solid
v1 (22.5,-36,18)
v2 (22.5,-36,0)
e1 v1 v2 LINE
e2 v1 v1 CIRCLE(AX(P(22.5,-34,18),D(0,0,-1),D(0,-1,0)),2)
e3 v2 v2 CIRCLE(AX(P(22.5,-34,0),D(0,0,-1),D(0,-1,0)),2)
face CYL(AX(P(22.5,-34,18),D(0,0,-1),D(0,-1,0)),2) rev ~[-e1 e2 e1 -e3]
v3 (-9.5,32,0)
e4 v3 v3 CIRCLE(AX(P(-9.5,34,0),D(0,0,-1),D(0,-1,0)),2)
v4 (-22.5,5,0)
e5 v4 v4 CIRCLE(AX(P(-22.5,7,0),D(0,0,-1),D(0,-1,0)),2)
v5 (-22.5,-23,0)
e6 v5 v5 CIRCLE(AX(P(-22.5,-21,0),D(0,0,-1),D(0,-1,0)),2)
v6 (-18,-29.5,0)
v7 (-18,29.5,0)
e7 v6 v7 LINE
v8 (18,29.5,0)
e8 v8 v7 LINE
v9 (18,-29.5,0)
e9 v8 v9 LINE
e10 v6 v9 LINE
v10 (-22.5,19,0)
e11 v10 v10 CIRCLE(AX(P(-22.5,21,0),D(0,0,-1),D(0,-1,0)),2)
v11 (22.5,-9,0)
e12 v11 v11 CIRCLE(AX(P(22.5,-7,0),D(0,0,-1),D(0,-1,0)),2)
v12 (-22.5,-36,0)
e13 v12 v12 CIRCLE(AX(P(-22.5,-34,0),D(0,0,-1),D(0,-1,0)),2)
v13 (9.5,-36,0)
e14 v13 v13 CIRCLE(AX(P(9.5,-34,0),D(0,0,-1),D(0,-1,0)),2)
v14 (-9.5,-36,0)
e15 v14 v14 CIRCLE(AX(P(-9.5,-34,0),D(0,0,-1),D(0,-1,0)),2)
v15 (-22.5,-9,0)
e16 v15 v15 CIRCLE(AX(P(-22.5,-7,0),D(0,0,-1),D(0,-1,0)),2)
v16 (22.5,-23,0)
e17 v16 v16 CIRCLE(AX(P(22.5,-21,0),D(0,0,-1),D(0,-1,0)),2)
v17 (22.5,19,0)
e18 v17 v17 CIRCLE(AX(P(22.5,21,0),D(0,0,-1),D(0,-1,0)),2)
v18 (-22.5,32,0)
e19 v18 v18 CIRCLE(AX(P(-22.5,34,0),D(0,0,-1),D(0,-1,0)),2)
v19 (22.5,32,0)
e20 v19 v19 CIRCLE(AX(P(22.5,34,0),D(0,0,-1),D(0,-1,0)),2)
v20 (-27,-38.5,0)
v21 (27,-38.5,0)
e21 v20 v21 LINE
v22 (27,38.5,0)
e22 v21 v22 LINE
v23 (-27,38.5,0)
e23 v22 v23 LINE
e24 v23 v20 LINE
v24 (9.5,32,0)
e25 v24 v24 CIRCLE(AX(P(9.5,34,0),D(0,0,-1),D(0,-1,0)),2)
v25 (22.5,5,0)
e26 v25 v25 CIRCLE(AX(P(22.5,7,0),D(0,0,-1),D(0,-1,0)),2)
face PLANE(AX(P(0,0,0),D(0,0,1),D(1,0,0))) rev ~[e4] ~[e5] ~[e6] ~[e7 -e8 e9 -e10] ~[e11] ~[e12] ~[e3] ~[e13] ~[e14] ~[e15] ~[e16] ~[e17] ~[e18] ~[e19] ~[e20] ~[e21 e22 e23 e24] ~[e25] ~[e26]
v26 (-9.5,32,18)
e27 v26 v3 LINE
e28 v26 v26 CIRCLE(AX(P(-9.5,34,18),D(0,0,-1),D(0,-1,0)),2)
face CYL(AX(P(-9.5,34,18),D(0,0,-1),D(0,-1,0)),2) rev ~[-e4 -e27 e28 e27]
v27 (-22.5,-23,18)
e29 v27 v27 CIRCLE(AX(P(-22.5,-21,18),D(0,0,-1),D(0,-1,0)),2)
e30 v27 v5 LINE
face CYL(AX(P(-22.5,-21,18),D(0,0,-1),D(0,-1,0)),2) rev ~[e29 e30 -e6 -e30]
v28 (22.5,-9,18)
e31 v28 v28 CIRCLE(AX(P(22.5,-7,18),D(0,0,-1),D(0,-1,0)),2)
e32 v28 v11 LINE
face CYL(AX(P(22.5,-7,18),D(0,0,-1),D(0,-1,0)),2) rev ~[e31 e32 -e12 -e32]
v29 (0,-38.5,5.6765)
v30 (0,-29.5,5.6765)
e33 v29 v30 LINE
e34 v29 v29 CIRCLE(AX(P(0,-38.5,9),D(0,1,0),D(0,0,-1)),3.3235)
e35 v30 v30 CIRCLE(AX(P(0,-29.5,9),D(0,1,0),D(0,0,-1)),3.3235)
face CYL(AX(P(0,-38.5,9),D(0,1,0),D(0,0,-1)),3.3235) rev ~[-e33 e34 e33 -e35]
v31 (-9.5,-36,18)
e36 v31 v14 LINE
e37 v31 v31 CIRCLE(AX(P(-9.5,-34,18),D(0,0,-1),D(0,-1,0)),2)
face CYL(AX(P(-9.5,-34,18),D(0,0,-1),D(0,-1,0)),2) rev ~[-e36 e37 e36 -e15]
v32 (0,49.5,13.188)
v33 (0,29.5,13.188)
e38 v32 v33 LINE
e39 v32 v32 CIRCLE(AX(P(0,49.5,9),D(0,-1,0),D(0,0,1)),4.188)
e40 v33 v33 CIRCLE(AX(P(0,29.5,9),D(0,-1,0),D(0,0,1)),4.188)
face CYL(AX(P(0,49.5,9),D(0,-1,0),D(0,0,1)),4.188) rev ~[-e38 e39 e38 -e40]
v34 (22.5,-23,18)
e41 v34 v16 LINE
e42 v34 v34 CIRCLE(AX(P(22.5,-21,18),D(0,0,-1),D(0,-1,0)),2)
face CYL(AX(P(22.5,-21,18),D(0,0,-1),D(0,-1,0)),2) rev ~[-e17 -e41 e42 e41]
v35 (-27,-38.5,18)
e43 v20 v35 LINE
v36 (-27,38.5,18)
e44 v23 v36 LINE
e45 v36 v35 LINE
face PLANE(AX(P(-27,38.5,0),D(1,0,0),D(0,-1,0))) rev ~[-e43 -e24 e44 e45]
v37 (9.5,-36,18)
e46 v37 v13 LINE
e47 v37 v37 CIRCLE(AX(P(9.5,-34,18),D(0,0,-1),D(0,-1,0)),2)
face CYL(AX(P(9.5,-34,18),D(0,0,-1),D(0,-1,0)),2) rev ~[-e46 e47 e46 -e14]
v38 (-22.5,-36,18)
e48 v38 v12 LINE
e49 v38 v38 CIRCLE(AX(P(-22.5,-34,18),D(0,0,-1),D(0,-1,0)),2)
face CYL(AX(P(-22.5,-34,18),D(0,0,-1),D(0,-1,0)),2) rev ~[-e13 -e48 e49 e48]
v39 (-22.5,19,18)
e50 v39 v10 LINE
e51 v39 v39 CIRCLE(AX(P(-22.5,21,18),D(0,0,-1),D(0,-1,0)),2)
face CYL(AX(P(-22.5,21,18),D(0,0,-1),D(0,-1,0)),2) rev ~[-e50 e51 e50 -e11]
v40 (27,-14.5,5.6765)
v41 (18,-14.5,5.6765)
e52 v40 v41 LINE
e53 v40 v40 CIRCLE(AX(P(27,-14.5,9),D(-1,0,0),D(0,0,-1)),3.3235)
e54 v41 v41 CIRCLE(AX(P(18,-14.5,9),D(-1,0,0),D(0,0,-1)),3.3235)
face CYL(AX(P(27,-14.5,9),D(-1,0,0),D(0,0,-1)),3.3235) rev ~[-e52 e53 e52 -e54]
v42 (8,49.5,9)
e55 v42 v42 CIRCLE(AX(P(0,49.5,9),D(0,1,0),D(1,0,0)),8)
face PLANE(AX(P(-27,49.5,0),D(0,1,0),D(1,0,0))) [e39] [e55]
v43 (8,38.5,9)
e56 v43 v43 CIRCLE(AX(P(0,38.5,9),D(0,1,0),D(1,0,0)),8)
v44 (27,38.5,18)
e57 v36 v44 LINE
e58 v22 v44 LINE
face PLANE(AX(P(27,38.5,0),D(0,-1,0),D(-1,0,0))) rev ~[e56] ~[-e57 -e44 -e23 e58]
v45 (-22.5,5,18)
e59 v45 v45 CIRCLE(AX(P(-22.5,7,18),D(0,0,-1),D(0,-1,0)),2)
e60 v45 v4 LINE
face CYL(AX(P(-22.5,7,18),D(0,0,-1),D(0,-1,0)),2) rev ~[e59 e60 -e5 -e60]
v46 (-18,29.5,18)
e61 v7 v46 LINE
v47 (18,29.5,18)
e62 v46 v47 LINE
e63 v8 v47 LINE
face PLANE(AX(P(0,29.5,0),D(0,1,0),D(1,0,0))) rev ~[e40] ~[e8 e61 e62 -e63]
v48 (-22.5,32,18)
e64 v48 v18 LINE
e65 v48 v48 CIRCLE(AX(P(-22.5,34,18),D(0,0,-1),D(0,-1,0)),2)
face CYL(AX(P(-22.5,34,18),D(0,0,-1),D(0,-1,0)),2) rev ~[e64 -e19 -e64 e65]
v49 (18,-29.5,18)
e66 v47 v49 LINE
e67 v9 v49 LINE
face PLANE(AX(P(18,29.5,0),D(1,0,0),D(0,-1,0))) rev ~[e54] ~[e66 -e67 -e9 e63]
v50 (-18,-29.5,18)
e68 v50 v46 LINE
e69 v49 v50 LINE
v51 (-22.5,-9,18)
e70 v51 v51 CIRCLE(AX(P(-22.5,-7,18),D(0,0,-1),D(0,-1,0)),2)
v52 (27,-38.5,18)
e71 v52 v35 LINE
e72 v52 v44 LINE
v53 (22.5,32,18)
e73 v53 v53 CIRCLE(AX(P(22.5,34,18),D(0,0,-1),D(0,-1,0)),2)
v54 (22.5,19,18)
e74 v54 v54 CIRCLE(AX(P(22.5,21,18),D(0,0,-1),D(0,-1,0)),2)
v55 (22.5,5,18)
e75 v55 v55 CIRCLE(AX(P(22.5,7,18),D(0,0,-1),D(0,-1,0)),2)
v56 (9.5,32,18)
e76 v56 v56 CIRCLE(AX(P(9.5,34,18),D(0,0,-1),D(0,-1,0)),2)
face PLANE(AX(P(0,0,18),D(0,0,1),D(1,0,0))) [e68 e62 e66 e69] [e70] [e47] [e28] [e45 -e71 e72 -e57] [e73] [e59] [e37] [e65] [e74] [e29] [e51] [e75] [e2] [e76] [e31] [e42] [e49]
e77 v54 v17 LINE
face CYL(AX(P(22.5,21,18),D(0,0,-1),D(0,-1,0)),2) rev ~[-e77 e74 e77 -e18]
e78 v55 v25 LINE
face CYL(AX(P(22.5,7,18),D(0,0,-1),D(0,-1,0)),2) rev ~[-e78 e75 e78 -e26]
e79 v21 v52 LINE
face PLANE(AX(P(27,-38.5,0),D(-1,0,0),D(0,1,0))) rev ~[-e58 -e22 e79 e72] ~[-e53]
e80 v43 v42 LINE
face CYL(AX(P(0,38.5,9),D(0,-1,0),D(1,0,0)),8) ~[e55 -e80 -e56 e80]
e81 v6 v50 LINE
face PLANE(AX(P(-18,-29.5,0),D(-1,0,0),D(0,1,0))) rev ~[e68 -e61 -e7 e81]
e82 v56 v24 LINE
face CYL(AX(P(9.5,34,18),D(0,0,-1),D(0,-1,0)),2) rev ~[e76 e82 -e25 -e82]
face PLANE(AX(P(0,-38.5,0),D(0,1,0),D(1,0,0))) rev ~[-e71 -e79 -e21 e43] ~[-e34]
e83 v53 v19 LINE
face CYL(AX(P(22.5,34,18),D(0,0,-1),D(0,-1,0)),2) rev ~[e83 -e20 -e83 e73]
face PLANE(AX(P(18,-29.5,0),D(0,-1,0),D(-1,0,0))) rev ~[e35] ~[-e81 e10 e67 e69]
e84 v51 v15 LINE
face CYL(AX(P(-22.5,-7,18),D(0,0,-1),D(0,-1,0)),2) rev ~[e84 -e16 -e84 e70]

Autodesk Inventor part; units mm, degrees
ref_plane "YZ Plane" through (0, 0, 0) normal (1, 0, 0) x (0, 1, 0)
ref_plane "XZ Plane" through (0, 0, 0) normal (0, 1, 0) x (-1, 0, 0)
ref_plane "XY Plane" through (0, 0, 0) normal (0, 0, 1) x (1, 0, 0)
sketch "Sketch1" plane through (0, 0, 0) normal (0, 0, 1) x (1, 0, 0)
  line L0 (27, 38.5) -> (-27, 38.5)
  line L1 (-27, 38.5) -> (-27, -38.5)
  line L2 (-27, -38.5) -> (27, -38.5)
  line L3 (27, -38.5) -> (27, 38.5)
  line L4 (27, 38.5) -> (-27, -38.5) construction
  line L5 (-27, 38.5) -> (27, -38.5) construction
  line L6 (-18, 29.5) -> (18, 29.5)
  line L7 (18, 29.5) -> (18, -29.5)
  line L8 (18, -29.5) -> (-18, -29.5)
  line L9 (-18, -29.5) -> (-18, 29.5)
  line L10 (0, 57.4351) -> (0, -57.4351)
  point P0 (0, 0)
  point P1 (0, 0)
  dimension "d0" = 77
  dimension "d1" = 54
  dimension "d2" = 59
  dimension "d3" = 36
  dimension "d4" = 18
  dimension "d5" = 29.5
extrude "Extrusion1" add sketch "Sketch1" along normal blind 18 contours L3 L2 L10 L8 L7 L6 L0 | L10 L6 L9 L8 L2 L1 L0
sketch "Sketch2" plane through (0, 0, 18) normal (0, 0, 1) x (1, 0, 0)
  line L0 (27, -38.5) -> (27, 38.5) projected
  line L1 (27, 38.5) -> (-27, 38.5) projected
  line L2 (-27, 38.5) -> (-27, -38.5) projected
  line L3 (-27, -38.5) -> (27, -38.5) projected
  line L4 (18, -29.5) -> (-18, -29.5) projected
  line L5 (-18, -29.5) -> (-18, 29.5) projected
  line L6 (-18, 29.5) -> (18, 29.5) projected
  line L7 (18, 29.5) -> (18, -29.5) projected
  line L8 (-27, 0) -> (26, 0)
  line L9 (0, 38.5) -> (0, -38.5)
  point P0 (0, 0)
  point P1 (-9.5, 34)
  point P2 (9.5, 34)
  point P3 (22.5, 34)
  point P4 (-22.5, 34)
  point P5 (-22.5, 21)
  point P6 (-22.5, 7)
  point P7 (-22.5, -7)
  point P8 (-22.5, -21)
  point P9 (-22.5, -34)
  point P10 (-9.5, -34)
  point P11 (9.5, -34)
  point P12 (22.5, -34)
  point P13 (-0.5, 0)
  point P14 (22.5, 21)
  point P15 (22.5, 7)
  point P16 (22.5, -7)
  point P17 (22.5, -21)
  dimension "d11" = 4.5
  dimension "d14" = 19
  dimension "d15" = 4.5
  dimension "d16" = 13
  dimension "d17" = 4.5
  dimension "d18" = 4.5
  dimension "d19" = 4.5
  dimension "d20" = 13
  dimension "d21" = 4.5
  dimension "d22" = 13
  dimension "d23" = 14
  dimension "d24" = 4.5
  dimension "d25" = 14
  dimension "d26" = 4.5
  dimension "d27" = 4.5
  dimension "d28" = 14
  dimension "d29" = 13
  dimension "d30" = 4.5
hole "Hole1" at (-9.5, 34, 18) at (9.5, 34, 18) at (22.5, 34, 18) at (-22.5, 34, 18) at (-22.5, 21, 18) at (-22.5, 7, 18) at (-22.5, -7, 18) at (-22.5, -21, 18) at (-22.5, -34, 18) at (-9.5, -34, 18) at (9.5, -34, 18) at (22.5, -34, 18) at (22.5, 21, 18) at (22.5, 7, 18) at (22.5, -7, 18) at (22.5, -21, 18) direction (0, 0, -1) diameter 4 end through all
sketch "Sketch3" plane through (-27, -38.5, 0) normal (0, -1, 0) x (1, 0, 0)
  line L0 (27, 0) -> (27, 18) construction
  line L1 (0, 18) -> (54, 18) projected
  line L2 (0, 0) -> (0, 18) projected
  line L3 (0, 9) -> (54, 9) construction
  line L4 (54, 0) -> (54, 18) projected
  point P0 (27, 9)
hole "Hole2" at (0, -38.5, 9) direction (0, 1, 0) diameter 6.647 depth 22.2 thread size "M8x1.25" class "6H" standard "ANSI Metric M Profile"
sketch "Sketch4" plane through (-27, 38.5, 0) normal (0, 1, 0) x (1, 0, 0)
  line L0 (27, 0) -> (27, -18) construction
  line L1 (0, -18) -> (54, -18) projected
  line L2 (54, 0) -> (54, -18) projected
  line L3 (54, -9) -> (0, -9) construction
  line L4 (0, 0) -> (0, -18) projected
  circle A0 centre (27, -9) radius 8
  dimension "d45" = 16
extrude "Extrusion2" add sketch "Sketch4" along normal blind 11
sketch "Sketch5" plane through (0, 49.5, 9) normal (0, 1, 0) x (1, 0, 0)
  circle A0 centre (0, 0) radius 3.3235 projected
  circle A1 centre (0, 0) radius 8 projected
  point P0 (0, 9)
hole "Hole3" at (0, 49.5, 9) direction (0, -1, 0) diameter 8.376 depth 27.3 thread size "M10x1.5" class "6H" standard "ANSI Metric M Profile"
sketch "Sketch6" plane through (27, -38.5, 0) normal (1, 0, 0) x (0, 0, -1)
  line L0 (0, 0) -> (0, 77) projected
  line L1 (0, 0) -> (0, 77) projected
  line L2 (0, 77) -> (-18, 77) projected
  line L3 (-18, 0) -> (-18, 77) projected
  line L4 (0, 0) -> (-18, 0) projected
  line L5 (0, 29.5) -> (-18, 29.5) projected
  line L6 (0, 19.5) -> (-18, 19.5) projected
  line L7 (0, 9) -> (-18, 9) projected
  line L8 (-9, 0) -> (-9, 77) construction
  point P0 (0, 38.5)
  point P1 (-9, 24)
hole "Hole4" at (27, -14.5, 9) direction (-1, 0, 0) diameter 6.647 depth 22.2 thread size "M8x1.25" class "6H" standard "ANSI Metric M Profile"
properties part number "HUDSON-1-32"
